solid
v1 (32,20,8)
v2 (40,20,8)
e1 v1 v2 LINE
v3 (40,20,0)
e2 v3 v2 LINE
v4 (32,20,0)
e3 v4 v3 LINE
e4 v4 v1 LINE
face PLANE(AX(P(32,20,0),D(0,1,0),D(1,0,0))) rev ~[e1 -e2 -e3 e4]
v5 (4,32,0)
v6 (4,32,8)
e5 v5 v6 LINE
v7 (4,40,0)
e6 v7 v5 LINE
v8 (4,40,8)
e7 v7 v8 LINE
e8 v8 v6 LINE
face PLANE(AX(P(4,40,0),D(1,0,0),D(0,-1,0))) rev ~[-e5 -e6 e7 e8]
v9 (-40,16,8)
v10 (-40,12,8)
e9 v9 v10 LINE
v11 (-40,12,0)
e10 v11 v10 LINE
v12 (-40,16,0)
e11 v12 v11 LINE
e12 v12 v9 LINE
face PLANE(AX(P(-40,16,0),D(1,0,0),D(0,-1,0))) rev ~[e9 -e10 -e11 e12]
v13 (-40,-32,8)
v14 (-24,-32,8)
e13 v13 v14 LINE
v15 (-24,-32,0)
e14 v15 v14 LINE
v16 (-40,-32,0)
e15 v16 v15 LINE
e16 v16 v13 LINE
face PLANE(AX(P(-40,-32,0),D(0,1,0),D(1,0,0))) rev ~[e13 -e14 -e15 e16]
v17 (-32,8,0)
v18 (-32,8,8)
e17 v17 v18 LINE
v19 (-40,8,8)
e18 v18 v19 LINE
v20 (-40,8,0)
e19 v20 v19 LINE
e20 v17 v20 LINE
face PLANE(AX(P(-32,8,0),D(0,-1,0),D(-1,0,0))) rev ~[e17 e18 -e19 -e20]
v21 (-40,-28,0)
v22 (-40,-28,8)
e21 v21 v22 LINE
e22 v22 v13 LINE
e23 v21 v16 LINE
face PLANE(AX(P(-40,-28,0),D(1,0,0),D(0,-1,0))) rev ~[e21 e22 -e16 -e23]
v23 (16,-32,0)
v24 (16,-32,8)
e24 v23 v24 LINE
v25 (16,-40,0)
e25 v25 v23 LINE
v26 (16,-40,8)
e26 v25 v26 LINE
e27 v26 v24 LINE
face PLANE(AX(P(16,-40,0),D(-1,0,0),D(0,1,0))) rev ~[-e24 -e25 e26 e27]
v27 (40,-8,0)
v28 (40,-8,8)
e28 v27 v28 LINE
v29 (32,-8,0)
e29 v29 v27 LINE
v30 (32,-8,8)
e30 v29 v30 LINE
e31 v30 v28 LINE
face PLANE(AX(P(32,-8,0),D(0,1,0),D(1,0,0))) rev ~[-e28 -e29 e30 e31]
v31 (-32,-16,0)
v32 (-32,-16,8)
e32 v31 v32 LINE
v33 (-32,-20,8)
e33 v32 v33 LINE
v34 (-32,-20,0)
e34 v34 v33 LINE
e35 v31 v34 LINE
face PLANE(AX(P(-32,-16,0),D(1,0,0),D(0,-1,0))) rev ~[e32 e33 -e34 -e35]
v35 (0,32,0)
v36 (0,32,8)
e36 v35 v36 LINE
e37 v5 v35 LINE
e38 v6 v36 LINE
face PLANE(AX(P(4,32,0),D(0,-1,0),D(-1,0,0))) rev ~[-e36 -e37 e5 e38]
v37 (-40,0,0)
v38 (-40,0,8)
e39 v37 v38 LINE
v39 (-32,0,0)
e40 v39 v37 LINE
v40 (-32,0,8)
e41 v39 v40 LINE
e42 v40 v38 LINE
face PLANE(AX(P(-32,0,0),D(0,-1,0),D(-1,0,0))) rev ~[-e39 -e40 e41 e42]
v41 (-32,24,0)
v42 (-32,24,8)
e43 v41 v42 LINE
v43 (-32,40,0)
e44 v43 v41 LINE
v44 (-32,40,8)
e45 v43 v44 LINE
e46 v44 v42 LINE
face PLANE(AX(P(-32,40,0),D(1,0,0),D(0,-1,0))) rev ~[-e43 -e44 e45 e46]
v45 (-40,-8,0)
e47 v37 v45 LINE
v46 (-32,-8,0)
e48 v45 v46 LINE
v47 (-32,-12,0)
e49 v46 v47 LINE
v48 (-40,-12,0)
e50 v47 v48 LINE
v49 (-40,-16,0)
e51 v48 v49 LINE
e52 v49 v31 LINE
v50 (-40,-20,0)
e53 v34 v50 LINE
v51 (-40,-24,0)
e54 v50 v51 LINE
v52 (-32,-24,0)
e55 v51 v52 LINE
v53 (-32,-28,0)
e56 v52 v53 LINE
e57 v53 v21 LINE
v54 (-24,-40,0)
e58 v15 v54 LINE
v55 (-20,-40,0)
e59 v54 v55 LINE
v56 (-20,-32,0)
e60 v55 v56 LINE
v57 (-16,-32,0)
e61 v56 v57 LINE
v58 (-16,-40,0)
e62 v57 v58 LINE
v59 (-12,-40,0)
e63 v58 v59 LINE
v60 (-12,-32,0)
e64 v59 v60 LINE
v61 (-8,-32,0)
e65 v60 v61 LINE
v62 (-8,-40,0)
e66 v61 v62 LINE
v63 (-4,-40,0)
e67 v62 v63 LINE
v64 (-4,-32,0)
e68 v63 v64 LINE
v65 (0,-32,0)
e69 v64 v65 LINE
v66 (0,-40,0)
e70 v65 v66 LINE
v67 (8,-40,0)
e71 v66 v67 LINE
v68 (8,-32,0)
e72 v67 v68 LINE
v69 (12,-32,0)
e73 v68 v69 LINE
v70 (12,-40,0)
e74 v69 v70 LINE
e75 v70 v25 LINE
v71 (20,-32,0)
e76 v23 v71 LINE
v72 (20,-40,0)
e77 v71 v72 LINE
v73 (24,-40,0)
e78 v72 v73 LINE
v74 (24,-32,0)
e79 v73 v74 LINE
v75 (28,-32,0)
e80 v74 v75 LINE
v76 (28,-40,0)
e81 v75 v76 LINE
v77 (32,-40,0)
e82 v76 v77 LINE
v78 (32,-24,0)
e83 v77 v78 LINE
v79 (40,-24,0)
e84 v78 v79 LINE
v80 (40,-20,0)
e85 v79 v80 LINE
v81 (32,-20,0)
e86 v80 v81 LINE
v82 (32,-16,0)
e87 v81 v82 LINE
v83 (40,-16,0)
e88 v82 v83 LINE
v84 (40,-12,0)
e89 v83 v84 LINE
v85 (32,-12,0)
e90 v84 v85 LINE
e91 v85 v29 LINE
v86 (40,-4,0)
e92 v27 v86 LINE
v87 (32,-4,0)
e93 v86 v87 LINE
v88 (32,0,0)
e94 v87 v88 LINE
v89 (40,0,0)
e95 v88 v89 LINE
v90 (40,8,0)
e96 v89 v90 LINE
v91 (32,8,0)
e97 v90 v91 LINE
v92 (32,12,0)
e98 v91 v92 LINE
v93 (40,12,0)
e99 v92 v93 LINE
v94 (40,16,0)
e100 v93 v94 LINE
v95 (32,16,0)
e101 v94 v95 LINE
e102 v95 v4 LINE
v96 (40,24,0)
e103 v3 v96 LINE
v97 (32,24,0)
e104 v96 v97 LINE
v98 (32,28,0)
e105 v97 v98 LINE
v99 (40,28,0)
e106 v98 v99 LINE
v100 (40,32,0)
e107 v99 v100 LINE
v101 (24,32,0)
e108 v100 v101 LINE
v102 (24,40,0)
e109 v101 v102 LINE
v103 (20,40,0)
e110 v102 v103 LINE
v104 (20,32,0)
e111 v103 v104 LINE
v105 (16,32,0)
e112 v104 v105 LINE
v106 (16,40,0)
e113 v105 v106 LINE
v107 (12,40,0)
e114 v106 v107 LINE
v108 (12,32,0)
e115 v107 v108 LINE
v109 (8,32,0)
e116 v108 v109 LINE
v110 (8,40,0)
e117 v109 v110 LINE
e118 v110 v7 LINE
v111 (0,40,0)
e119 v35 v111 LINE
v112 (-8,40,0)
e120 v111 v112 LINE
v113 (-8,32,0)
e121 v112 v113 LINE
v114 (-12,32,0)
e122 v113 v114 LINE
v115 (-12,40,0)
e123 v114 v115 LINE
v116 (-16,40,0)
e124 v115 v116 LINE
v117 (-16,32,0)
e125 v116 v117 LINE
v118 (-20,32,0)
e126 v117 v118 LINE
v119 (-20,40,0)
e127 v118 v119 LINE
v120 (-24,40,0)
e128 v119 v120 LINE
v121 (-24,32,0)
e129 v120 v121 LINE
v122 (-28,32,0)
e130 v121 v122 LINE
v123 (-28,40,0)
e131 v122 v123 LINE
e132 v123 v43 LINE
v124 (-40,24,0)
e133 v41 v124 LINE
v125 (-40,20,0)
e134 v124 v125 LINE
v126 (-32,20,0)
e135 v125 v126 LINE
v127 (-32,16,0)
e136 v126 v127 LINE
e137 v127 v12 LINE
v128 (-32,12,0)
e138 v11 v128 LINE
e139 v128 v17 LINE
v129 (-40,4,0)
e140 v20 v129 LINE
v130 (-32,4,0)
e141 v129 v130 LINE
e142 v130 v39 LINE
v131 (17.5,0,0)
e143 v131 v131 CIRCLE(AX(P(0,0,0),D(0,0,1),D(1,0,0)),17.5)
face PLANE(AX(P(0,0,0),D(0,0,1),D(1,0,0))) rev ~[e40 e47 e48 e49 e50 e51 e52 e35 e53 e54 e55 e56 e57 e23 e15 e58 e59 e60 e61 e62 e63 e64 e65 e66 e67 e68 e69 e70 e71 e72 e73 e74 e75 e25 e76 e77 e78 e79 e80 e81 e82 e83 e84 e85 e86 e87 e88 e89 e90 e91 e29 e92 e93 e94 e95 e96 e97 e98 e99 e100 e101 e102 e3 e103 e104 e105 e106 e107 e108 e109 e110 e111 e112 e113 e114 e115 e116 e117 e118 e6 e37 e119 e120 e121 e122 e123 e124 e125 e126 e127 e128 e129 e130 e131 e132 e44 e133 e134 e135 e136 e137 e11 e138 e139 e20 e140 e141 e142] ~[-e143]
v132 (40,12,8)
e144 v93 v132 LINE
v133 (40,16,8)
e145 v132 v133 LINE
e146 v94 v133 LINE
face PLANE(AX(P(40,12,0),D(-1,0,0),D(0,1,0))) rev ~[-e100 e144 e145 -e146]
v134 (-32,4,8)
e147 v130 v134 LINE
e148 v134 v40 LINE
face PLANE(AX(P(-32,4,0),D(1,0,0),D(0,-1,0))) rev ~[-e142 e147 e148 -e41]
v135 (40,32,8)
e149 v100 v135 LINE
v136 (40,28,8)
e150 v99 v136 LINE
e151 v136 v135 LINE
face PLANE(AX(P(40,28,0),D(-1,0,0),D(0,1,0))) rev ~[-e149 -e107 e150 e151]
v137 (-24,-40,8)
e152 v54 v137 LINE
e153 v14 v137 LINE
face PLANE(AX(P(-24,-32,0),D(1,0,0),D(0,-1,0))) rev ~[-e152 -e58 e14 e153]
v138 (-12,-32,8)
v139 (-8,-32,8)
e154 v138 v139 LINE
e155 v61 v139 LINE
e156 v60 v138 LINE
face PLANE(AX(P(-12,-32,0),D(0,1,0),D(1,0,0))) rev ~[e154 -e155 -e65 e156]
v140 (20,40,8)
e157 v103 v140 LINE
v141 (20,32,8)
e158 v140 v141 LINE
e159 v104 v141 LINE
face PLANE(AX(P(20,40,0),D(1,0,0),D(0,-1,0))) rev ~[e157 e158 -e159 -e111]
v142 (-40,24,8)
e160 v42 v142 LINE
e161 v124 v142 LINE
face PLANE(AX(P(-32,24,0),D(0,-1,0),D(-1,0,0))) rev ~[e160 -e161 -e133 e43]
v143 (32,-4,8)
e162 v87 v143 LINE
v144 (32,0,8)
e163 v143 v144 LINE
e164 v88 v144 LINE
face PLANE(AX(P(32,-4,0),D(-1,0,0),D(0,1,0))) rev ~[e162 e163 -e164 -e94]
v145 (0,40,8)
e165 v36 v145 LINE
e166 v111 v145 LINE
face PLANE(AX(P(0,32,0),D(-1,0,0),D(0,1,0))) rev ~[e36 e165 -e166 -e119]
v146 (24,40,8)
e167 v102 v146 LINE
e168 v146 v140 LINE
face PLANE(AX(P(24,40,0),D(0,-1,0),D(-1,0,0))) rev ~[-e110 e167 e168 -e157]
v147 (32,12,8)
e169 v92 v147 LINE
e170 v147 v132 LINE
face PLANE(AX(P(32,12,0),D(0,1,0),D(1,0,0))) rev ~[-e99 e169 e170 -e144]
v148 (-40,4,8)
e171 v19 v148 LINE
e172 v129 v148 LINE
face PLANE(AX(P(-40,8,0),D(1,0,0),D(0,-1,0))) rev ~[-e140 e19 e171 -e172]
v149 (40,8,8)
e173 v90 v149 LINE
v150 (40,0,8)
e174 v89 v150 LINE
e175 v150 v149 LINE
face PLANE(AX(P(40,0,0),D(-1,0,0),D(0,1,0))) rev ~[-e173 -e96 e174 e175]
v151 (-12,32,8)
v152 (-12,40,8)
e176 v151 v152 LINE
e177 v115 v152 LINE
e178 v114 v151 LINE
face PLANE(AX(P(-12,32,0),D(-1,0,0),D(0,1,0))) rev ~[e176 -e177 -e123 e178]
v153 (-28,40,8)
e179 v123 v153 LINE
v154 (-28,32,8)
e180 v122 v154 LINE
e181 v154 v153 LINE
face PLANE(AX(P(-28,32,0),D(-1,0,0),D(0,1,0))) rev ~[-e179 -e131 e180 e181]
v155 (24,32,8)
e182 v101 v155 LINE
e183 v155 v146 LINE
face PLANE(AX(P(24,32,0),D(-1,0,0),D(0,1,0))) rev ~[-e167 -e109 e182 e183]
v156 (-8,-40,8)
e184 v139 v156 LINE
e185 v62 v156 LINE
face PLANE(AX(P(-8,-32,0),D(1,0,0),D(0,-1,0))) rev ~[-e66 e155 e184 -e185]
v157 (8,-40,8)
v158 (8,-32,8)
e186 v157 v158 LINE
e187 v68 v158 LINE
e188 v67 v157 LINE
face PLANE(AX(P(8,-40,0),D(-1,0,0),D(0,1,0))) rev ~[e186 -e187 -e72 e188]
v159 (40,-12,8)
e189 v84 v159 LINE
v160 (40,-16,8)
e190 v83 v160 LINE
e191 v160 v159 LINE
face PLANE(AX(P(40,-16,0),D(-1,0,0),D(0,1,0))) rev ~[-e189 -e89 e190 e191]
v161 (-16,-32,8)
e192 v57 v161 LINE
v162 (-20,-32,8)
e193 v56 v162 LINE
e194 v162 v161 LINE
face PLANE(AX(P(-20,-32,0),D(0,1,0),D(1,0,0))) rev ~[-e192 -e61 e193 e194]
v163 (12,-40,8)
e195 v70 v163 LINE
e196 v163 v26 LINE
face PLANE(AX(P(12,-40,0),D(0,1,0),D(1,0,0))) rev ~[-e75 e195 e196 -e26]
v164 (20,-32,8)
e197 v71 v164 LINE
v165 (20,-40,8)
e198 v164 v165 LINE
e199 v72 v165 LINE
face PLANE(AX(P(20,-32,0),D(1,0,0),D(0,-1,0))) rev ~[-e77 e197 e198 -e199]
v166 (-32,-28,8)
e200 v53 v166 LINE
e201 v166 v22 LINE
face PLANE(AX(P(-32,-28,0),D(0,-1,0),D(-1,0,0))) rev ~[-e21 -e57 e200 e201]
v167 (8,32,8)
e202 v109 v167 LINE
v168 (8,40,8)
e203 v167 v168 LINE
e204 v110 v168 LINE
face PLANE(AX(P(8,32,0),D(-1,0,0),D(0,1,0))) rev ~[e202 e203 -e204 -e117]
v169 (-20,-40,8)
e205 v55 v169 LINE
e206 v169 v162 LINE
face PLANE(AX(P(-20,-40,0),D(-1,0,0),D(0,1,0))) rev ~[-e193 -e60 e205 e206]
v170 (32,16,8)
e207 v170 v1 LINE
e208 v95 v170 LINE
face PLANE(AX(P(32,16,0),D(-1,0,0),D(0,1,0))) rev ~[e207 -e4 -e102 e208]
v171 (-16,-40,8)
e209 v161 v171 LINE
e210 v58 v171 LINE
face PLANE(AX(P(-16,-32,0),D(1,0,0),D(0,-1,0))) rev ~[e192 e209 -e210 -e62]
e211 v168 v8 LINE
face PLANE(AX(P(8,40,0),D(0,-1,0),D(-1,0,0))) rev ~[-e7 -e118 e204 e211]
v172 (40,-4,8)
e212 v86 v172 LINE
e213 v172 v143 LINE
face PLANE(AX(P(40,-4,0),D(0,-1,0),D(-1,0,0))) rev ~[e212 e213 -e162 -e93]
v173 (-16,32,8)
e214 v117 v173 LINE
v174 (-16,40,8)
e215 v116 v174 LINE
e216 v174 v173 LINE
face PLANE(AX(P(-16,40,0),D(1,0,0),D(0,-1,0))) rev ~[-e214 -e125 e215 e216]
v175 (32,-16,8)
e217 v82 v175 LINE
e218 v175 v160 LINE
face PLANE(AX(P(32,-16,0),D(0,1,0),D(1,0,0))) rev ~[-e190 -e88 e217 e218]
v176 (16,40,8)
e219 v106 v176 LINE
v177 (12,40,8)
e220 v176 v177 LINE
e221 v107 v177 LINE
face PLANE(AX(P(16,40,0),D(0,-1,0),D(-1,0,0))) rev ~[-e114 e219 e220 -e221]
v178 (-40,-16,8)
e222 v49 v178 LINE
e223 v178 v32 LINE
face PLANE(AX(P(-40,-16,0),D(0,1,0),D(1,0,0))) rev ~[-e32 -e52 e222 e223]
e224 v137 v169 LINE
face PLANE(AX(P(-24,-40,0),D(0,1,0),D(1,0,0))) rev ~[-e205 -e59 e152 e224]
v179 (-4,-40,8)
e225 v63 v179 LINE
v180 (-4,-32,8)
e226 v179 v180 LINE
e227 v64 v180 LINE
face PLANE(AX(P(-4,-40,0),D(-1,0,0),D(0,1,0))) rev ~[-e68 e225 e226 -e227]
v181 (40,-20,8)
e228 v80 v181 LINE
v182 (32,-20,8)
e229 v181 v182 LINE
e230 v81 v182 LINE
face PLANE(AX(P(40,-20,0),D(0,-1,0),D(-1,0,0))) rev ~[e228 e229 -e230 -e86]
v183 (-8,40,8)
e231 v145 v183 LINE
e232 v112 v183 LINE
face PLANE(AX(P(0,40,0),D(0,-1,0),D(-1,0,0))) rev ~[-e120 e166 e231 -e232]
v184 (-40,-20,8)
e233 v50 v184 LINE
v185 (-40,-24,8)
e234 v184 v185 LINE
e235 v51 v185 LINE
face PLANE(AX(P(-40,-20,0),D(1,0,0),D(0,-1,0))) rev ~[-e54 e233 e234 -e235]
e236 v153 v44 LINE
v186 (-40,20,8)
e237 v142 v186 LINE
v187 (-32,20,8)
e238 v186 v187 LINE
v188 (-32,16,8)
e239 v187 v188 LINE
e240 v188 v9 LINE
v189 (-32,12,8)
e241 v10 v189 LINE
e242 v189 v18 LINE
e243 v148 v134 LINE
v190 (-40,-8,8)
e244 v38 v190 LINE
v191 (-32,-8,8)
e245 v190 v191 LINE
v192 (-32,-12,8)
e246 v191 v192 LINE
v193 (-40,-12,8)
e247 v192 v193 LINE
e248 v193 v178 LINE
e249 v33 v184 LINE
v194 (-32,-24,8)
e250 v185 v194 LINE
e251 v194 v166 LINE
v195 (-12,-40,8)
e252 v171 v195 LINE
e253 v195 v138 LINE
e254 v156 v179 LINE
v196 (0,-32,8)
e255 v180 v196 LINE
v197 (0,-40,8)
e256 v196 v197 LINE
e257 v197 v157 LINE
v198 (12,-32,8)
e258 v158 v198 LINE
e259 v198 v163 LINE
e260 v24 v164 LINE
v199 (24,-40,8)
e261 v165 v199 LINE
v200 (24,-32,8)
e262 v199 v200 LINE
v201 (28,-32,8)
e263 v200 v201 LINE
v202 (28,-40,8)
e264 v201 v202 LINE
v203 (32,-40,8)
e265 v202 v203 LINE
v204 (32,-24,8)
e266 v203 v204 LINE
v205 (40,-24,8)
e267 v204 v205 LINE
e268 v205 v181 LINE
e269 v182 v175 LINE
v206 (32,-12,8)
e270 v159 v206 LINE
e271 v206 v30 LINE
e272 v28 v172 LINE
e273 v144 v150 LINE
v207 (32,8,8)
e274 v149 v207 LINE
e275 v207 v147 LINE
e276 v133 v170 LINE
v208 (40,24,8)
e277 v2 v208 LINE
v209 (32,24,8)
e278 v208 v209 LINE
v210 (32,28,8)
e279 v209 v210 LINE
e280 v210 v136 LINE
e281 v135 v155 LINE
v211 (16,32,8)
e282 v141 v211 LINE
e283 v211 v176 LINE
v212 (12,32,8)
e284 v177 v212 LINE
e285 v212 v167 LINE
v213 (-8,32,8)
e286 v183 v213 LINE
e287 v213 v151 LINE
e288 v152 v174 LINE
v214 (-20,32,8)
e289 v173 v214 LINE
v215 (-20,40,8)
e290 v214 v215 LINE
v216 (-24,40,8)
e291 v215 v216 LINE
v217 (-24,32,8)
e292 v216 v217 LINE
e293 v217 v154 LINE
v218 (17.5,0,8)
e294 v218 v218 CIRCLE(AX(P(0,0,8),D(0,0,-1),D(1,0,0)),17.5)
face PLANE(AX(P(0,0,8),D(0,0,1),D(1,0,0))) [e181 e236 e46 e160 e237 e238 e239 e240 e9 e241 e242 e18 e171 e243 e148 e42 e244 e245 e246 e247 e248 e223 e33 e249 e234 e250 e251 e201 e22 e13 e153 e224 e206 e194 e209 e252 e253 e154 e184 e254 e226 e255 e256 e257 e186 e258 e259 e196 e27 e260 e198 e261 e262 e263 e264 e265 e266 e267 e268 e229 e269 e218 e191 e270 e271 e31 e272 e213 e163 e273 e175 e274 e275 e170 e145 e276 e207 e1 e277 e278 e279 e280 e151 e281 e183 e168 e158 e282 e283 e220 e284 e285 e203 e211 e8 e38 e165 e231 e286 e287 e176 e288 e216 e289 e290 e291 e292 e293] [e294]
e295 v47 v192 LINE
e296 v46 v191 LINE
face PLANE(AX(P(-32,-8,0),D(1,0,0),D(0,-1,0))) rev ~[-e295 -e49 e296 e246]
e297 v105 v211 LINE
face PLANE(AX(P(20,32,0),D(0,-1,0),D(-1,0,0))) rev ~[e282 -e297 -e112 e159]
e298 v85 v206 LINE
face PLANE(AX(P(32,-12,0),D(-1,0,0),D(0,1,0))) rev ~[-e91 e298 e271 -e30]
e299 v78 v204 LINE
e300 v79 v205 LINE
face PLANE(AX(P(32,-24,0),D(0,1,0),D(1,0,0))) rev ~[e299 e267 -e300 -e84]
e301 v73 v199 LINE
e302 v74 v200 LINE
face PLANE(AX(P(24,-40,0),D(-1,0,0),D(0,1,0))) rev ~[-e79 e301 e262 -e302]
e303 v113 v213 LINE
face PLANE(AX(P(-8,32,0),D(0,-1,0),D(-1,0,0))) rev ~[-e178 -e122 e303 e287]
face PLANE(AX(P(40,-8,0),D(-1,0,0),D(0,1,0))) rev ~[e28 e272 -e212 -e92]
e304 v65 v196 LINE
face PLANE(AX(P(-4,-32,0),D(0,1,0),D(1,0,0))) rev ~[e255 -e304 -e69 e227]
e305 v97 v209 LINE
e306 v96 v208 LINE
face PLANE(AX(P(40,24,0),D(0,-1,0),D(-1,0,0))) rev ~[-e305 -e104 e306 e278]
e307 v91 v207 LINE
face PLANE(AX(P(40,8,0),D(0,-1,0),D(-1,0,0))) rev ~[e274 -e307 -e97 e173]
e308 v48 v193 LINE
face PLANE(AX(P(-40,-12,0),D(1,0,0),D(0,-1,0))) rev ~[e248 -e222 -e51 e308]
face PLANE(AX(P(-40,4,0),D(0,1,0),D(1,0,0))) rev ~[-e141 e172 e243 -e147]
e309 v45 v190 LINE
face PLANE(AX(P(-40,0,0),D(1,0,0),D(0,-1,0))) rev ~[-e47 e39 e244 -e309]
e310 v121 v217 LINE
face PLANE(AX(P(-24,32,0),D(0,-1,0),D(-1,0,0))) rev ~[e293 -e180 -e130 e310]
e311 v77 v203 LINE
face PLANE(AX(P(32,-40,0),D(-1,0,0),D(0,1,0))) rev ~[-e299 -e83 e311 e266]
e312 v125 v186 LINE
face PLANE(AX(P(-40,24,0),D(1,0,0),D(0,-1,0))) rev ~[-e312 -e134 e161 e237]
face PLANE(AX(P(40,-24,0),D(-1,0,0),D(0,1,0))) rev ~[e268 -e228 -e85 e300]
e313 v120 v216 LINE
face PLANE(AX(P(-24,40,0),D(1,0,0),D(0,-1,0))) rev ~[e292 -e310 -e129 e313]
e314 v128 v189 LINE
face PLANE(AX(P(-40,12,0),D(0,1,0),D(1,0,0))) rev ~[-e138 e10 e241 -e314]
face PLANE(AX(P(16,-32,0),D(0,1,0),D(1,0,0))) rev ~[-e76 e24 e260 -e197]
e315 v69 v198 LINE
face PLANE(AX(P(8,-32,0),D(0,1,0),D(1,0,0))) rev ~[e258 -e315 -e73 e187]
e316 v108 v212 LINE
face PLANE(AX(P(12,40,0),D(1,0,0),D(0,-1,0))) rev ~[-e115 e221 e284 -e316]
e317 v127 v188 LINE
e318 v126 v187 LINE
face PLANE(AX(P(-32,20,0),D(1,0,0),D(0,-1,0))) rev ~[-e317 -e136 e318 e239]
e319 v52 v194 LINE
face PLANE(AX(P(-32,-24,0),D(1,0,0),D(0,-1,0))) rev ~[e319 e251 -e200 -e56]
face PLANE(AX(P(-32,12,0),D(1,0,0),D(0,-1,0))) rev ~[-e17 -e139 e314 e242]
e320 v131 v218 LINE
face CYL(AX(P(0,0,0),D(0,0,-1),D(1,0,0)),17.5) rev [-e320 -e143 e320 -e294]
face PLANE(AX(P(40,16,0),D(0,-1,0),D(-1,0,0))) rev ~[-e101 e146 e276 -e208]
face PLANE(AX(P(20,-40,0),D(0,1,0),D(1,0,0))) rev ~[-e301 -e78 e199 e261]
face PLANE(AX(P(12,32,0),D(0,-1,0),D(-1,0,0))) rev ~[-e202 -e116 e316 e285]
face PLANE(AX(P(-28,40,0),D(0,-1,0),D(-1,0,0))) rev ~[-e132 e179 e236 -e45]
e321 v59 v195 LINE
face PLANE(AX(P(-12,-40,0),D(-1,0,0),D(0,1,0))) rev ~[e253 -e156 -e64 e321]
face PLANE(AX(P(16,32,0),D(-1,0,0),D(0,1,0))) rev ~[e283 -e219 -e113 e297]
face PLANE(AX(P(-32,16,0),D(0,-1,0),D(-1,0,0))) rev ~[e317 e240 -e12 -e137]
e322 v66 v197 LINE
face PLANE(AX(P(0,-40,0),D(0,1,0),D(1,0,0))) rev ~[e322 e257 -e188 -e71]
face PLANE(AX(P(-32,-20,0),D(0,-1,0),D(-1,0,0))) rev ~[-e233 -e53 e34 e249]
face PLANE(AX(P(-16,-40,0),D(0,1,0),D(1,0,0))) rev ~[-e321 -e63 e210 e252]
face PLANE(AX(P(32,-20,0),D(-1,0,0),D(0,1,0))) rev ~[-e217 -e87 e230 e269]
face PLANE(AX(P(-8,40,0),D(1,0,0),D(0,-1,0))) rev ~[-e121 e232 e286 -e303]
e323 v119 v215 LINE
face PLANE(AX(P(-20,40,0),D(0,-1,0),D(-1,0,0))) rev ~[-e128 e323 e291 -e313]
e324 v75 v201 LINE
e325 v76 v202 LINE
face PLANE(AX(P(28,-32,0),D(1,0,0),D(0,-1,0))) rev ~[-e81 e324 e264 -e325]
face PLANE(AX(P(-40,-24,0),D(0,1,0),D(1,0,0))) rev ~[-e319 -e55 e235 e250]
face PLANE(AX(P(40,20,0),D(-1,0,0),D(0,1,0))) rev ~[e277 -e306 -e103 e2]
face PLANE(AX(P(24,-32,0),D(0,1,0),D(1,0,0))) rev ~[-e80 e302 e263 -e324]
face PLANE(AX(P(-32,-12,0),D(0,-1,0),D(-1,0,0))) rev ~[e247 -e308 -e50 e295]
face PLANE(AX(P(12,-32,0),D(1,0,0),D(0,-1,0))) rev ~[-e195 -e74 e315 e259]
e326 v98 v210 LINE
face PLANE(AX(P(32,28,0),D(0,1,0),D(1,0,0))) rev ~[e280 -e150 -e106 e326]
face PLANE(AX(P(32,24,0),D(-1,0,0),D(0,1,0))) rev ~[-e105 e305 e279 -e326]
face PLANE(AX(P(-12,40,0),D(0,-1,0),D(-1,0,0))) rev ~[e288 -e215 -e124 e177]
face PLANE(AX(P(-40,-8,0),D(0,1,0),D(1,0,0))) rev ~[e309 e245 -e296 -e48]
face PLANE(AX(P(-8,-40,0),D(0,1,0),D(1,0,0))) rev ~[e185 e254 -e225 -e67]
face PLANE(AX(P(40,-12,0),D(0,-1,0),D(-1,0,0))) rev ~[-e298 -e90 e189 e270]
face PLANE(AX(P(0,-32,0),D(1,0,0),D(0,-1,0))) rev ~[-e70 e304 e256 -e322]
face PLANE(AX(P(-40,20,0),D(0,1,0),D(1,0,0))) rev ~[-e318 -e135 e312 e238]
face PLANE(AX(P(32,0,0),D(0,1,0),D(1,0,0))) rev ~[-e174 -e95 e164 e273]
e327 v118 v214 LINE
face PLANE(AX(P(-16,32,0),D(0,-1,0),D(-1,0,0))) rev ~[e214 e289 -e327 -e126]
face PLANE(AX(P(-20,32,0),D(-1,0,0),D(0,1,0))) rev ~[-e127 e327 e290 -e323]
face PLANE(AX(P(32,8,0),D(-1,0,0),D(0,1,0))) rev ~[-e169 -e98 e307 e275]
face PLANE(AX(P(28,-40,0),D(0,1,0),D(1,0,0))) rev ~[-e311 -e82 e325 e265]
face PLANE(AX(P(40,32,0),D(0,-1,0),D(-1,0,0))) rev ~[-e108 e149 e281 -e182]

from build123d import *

# Parameters (mm, degrees)
BOSS_EXTRU_1_DEPTH      = 8
ESQUISSE2_R             = 17.5
ENL_V_MAT_EXTRU_1_DEPTH = 58.131427428


with BuildPart() as part:
    # Esquisse1 → Boss.-Extru.1 (new body)
    with BuildSketch(Plane.XY):
        Polygon((40, 28), (40, 32), (24, 32), (24, 40), (20, 40), (20, 32), (16, 32), (16, 40), (12, 40), (12, 32), (8, 32), (8, 40), (4, 40), (4, 32), (0, 32), (0, 40), (-8, 40), (-8, 32), (-12, 32), (-12, 40), (-16, 40), (-16, 32), (-20, 32), (-20, 40), (-24, 40), (-24, 32), (-28, 32), (-28, 40), (-32, 40), (-32, 24), (-40, 24), (-40, 20), (-32, 20), (-32, 16), (-40, 16), (-40, 12), (-32, 12), (-32, 8), (-40, 8), (-40, 4), (-32, 4), (-32, 0), (-40, 0), (-40, -8), (-32, -8), (-32, -12), (-40, -12), (-40, -16), (-32, -16), (-32, -20), (-40, -20), (-40, -24), (-32, -24), (-32, -28), (-40, -28), (-40, -32), (-24, -32), (-24, -40), (-20, -40), (-20, -32), (-16, -32), (-16, -40), (-12, -40), (-12, -32), (-8, -32), (-8, -40), (-4, -40), (-4, -32), (0, -32), (0, -40), (8, -40), (8, -32), (12, -32), (12, -40), (16, -40), (16, -32), (20, -32), (20, -40), (24, -40), (24, -32), (28, -32), (28, -40), (32, -40), (32, -24), (40, -24), (40, -20), (32, -20), (32, -16), (40, -16), (40, -12), (32, -12), (32, -8), (40, -8), (40, -4), (32, -4), (32, 0), (40, 0), (40, 8), (32, 8), (32, 12), (40, 12), (40, 16), (32, 16), (32, 20), (40, 20), (40, 24), (32, 24), (32, 28), align=None)
    extrude(amount=BOSS_EXTRU_1_DEPTH)

    # Esquisse2 → Enlèv. mat.-Extru.1 (cut, through all)
    with BuildSketch(Plane.XY):
        Circle(ESQUISSE2_R)
    extrude(amount=ENL_V_MAT_EXTRU_1_DEPTH, mode=Mode.SUBTRACT)


solid = part.part
